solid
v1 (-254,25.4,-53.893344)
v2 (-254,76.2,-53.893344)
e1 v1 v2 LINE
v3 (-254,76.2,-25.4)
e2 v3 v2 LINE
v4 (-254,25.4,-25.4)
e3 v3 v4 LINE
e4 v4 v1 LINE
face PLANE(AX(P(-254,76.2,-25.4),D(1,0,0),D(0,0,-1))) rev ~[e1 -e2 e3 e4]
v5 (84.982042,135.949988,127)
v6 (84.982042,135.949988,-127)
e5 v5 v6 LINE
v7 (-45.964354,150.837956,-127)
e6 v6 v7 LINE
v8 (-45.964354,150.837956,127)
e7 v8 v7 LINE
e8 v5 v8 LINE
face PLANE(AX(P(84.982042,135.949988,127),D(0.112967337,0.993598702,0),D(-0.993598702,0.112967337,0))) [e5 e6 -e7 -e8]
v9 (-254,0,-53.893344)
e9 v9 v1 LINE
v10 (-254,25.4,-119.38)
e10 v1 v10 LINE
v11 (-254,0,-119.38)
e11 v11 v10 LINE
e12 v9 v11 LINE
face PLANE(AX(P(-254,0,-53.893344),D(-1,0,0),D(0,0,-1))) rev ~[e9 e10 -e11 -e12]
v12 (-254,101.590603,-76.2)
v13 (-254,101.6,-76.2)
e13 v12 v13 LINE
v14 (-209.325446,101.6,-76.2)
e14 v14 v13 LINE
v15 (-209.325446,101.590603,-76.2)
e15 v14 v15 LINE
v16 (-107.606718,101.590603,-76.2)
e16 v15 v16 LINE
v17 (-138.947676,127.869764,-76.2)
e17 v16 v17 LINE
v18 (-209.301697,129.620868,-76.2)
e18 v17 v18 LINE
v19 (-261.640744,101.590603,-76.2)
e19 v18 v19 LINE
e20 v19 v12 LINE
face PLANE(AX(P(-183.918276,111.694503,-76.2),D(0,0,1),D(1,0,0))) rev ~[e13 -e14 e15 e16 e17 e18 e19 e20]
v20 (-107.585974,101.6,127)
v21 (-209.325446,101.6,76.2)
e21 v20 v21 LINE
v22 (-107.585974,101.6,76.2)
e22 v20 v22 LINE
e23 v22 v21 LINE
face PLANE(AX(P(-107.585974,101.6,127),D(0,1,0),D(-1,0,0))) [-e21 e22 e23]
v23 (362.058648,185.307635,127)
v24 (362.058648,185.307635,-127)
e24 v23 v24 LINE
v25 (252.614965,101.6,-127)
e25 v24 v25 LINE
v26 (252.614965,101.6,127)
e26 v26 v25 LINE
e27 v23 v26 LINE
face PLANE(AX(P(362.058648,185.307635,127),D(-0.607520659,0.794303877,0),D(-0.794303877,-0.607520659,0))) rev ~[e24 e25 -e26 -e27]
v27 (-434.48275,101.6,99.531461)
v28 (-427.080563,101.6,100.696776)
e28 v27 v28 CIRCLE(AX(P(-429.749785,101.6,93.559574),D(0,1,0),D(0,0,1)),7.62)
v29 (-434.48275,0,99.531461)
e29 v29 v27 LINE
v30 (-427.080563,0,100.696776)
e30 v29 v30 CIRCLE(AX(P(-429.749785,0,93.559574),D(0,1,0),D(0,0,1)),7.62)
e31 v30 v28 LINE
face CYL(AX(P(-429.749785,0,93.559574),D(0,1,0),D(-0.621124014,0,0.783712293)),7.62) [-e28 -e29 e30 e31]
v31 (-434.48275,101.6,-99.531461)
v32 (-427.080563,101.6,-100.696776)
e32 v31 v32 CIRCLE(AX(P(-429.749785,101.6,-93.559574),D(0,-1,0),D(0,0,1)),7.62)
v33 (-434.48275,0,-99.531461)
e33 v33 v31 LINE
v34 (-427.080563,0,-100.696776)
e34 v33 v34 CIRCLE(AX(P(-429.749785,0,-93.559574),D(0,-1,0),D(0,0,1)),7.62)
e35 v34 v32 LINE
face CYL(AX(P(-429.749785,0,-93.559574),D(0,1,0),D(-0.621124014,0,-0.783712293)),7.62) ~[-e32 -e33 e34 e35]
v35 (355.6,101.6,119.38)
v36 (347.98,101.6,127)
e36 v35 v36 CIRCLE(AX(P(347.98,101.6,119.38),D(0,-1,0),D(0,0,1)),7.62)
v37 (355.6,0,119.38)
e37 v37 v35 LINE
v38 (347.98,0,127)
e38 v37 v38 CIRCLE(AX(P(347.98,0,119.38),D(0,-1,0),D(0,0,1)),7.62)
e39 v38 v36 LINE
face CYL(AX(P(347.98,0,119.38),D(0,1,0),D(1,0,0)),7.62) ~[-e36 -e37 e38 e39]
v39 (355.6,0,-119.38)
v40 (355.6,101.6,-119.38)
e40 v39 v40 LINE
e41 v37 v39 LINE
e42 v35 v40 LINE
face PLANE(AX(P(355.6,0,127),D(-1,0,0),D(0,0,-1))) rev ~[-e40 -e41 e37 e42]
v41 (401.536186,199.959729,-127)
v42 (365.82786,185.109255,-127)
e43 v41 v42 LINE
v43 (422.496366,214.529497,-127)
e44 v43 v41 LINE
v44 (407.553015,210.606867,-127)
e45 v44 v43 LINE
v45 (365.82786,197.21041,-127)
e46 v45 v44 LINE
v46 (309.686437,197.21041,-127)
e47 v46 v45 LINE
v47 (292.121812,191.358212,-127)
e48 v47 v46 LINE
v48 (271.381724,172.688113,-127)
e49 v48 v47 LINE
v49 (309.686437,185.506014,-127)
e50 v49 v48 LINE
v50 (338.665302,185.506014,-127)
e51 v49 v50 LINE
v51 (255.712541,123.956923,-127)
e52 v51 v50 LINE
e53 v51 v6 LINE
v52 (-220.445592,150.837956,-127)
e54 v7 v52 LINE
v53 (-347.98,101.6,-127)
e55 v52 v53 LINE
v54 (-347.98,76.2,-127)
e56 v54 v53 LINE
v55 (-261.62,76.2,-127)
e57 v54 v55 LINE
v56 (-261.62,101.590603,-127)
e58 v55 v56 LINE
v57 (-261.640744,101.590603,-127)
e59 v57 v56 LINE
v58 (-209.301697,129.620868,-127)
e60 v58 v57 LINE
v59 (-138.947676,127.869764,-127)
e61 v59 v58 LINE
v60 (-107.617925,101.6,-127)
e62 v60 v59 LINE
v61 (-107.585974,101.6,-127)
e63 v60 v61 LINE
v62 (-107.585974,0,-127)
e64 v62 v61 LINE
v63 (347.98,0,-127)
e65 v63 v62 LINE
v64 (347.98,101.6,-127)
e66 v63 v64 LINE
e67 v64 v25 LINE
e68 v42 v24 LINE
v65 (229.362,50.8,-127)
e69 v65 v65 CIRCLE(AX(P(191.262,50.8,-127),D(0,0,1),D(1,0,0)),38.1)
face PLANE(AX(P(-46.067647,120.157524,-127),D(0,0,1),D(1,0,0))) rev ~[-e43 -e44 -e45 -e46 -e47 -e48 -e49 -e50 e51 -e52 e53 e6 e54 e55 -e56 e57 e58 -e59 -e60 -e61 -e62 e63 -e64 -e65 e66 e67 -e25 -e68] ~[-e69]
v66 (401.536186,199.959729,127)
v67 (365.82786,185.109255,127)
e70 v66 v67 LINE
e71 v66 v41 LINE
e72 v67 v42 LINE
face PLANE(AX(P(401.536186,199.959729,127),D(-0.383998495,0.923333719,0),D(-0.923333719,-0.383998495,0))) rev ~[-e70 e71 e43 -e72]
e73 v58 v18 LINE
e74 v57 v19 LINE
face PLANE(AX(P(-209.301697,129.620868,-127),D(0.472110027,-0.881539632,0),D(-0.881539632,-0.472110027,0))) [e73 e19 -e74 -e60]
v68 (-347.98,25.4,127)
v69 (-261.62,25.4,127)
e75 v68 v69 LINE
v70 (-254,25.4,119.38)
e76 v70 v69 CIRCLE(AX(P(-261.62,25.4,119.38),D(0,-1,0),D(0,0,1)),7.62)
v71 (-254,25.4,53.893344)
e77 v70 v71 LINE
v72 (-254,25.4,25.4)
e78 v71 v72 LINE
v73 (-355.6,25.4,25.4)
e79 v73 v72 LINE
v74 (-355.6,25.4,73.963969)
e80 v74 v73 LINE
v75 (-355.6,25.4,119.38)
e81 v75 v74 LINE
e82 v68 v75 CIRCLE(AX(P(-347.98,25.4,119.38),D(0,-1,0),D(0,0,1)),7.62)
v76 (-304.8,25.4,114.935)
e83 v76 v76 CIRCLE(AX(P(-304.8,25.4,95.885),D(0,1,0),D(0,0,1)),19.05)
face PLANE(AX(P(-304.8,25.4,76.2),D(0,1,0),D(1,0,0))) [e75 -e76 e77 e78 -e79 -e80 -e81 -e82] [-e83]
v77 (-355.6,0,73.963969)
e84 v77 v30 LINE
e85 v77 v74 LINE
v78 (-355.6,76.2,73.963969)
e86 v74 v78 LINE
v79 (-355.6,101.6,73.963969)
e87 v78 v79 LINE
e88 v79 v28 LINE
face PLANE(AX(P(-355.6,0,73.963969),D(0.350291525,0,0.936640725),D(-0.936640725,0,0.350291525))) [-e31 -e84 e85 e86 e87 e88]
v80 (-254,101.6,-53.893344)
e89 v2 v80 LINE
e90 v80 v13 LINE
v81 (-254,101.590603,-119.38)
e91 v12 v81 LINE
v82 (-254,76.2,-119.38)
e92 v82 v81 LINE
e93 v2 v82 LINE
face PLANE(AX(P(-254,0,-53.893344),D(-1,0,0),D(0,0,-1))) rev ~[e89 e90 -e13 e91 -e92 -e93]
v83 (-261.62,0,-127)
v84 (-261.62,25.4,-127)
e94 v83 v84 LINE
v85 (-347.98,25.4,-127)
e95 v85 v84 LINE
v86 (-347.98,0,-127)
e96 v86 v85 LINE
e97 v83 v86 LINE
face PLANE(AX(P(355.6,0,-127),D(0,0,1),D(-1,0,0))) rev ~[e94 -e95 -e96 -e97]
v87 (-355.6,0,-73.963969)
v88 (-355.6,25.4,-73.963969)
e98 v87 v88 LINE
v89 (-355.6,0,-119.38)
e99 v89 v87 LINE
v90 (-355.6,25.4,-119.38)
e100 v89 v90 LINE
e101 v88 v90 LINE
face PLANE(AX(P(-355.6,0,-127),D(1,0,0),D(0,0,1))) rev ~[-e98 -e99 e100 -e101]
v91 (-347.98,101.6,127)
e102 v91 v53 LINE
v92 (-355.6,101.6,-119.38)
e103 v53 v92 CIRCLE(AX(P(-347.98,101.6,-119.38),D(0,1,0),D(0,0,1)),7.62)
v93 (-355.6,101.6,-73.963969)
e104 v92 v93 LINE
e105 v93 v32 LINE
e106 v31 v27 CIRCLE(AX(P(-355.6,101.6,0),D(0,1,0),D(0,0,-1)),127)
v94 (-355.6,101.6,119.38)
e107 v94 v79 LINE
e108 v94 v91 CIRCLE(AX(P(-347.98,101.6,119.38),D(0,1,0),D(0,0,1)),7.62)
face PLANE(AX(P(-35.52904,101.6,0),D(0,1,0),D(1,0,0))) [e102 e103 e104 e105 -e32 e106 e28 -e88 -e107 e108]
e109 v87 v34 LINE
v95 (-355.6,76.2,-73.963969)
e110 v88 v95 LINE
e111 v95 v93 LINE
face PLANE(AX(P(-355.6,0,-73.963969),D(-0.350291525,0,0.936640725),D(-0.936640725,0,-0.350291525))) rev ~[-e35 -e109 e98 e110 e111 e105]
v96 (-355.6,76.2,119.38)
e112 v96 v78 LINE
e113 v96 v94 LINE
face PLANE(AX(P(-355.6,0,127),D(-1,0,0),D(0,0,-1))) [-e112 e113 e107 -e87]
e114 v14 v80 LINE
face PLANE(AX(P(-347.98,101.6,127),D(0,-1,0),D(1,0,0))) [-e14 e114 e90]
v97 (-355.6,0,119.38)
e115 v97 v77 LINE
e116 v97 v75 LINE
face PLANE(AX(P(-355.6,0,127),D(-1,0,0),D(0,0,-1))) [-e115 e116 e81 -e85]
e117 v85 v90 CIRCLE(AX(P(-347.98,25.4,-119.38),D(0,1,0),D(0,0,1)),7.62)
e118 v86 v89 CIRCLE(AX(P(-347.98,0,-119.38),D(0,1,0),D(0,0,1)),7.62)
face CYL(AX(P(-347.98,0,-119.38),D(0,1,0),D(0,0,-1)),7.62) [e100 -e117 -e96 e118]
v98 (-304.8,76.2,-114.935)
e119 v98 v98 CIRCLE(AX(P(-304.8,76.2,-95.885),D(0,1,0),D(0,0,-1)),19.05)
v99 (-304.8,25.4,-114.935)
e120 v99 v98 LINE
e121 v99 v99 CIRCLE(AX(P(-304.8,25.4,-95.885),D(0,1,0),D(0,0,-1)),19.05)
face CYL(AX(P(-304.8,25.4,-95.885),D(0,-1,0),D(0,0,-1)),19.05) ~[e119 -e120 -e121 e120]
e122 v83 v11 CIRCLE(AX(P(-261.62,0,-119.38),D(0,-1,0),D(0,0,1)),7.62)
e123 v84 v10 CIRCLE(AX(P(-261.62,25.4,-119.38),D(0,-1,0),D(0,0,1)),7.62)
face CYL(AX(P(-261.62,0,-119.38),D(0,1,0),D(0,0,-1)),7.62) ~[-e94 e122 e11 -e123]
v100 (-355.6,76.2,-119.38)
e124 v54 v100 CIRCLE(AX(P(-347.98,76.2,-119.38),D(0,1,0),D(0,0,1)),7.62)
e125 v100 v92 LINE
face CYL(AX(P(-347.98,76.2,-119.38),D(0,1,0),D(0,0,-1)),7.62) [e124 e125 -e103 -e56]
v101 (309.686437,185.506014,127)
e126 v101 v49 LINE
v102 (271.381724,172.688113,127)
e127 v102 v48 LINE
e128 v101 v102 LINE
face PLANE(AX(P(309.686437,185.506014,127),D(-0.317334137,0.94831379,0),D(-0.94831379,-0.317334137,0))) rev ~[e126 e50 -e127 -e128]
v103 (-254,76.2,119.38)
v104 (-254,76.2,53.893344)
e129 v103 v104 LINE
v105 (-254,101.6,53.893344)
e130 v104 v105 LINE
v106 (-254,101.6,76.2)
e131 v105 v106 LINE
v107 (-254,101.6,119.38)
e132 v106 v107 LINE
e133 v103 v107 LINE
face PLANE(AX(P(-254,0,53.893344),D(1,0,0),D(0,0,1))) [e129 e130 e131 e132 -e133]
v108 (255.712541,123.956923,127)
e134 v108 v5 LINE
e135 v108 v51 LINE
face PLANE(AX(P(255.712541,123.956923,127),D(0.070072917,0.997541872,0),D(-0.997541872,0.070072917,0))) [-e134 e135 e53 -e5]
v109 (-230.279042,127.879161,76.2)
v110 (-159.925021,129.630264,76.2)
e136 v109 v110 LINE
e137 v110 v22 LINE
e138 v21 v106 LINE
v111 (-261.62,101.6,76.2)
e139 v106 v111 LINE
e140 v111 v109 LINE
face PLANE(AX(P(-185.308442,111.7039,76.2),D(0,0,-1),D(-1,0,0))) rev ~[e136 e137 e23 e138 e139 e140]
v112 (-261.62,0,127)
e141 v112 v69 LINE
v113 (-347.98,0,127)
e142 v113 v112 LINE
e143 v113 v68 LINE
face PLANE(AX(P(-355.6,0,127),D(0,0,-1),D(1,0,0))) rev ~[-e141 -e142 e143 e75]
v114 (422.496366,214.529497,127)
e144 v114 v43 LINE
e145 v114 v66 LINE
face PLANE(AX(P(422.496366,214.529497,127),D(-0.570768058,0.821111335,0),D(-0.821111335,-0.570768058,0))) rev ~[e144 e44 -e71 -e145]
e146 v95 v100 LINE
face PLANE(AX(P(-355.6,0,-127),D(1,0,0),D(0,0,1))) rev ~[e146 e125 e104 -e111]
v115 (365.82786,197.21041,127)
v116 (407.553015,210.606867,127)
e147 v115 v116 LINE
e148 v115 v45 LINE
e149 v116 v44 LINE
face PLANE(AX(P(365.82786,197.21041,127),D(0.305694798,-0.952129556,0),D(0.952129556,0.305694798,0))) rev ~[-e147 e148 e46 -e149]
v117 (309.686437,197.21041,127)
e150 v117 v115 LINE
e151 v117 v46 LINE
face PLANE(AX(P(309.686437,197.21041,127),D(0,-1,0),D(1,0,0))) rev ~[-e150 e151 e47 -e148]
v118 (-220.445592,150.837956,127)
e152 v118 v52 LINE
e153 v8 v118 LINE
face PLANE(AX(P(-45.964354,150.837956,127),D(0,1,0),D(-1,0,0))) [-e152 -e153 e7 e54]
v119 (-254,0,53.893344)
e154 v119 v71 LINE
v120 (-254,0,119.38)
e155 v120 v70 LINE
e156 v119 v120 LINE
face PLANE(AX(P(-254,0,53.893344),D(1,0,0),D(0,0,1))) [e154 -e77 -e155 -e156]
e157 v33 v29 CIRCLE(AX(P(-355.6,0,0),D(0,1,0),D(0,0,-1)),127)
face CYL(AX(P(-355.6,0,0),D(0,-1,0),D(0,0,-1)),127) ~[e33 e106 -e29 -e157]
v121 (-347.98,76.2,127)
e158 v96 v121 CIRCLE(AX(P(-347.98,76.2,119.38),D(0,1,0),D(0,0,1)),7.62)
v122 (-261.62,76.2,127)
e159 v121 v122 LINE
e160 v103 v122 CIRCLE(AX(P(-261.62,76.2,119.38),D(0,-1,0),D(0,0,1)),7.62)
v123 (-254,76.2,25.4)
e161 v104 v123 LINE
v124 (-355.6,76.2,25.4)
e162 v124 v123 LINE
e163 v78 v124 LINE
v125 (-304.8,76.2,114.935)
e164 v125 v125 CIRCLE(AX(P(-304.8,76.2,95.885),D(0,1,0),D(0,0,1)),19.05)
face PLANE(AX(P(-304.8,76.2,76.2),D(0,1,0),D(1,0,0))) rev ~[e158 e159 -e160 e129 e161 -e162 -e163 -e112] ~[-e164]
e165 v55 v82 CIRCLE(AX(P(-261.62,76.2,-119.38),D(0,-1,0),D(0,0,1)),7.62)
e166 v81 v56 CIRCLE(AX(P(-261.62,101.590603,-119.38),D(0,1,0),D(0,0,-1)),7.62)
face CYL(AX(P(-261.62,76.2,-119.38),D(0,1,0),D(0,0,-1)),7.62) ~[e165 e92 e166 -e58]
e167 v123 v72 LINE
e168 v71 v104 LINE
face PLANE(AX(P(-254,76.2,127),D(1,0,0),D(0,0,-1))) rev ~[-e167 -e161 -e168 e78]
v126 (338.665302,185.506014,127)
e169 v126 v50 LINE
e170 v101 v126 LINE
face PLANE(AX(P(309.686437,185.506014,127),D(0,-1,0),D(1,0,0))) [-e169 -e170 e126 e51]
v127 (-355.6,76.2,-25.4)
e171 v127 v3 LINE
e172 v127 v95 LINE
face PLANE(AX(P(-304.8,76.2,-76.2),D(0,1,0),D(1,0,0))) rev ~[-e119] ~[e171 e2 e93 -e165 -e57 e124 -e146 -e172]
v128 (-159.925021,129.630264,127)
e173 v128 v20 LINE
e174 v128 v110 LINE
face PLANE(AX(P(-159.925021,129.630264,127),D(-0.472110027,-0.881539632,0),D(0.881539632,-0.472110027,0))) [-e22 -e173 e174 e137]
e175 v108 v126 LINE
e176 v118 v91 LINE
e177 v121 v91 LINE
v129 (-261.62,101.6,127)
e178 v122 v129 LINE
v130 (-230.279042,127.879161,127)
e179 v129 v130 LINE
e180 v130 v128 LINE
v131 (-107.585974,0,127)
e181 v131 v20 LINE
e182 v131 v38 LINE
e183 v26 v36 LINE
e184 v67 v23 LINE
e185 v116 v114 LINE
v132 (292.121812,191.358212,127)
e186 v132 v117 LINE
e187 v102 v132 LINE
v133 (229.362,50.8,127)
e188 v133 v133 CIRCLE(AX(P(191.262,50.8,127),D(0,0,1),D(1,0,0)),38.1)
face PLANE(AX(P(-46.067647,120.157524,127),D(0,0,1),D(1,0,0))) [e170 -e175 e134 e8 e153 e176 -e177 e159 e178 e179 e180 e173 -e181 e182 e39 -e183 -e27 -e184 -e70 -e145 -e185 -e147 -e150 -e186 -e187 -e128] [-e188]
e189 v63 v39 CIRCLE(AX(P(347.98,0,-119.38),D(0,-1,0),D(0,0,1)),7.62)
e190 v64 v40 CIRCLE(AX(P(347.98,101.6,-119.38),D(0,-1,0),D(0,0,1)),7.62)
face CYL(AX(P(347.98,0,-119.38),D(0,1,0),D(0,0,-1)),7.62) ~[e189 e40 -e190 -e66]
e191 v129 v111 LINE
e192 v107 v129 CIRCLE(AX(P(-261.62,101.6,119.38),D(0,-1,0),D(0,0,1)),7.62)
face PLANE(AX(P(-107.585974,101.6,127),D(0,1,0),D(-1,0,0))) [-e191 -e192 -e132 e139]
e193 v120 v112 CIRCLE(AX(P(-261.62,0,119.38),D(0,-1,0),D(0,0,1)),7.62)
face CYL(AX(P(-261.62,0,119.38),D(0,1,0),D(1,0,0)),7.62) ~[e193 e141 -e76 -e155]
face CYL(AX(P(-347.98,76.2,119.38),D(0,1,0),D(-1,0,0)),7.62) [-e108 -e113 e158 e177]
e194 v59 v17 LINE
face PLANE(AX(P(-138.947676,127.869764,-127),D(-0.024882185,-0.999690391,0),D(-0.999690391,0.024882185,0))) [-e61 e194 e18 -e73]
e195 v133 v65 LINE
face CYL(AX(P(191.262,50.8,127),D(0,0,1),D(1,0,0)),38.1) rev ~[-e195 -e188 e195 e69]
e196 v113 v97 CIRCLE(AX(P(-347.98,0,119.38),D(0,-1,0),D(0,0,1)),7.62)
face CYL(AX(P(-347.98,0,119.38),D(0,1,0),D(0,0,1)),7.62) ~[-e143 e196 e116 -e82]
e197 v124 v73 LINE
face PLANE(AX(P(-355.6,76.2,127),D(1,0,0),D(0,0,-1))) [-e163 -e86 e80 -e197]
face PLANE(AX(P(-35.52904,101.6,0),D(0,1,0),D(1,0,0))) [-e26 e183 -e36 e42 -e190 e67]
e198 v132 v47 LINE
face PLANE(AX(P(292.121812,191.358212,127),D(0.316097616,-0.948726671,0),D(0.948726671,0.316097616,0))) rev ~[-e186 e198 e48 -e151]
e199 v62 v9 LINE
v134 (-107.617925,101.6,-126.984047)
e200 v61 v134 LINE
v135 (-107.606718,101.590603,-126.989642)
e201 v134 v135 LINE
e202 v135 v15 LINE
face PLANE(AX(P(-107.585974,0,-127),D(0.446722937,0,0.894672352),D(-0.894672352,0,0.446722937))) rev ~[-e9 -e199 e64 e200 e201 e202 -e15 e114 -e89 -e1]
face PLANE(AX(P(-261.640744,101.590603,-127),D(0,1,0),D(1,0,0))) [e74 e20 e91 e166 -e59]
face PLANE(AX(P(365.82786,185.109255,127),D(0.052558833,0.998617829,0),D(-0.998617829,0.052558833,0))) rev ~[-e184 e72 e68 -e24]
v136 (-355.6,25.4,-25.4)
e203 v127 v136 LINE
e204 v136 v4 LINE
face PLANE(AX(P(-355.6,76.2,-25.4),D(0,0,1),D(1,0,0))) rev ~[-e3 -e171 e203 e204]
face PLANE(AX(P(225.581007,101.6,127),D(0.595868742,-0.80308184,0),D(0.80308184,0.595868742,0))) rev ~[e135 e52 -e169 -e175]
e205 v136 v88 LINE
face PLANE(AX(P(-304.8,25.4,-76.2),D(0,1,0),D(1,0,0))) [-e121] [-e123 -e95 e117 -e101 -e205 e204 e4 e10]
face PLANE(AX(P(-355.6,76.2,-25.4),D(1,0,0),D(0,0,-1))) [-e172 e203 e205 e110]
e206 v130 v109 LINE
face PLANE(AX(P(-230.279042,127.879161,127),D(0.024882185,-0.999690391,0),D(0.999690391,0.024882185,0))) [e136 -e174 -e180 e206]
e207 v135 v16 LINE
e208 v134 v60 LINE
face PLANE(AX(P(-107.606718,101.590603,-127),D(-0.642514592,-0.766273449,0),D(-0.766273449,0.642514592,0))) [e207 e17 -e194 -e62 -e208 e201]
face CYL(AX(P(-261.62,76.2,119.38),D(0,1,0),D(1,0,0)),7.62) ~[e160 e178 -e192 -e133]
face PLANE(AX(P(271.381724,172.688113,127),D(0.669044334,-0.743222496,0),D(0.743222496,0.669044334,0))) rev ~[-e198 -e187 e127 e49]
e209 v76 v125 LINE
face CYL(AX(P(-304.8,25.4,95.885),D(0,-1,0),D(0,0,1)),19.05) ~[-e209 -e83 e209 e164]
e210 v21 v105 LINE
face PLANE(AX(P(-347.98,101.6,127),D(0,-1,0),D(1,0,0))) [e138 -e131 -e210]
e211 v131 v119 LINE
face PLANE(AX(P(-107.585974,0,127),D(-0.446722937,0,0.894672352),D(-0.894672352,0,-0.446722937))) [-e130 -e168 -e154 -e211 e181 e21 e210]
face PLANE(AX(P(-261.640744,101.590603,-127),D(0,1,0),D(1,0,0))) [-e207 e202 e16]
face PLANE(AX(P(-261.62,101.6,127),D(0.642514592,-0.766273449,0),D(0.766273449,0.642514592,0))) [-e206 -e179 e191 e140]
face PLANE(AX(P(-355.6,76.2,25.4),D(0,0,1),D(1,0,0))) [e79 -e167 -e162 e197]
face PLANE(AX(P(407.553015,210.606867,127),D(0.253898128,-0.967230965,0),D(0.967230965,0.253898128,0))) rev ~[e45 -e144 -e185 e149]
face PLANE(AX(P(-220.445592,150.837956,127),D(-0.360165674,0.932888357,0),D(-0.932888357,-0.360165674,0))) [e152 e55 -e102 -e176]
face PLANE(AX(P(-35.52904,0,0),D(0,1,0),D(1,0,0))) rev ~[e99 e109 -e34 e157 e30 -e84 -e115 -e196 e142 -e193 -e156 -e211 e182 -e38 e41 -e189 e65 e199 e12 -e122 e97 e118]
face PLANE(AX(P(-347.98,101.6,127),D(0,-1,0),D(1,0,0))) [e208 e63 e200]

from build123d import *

# Parameters (mm, degrees)
BOSS_EXTRUDE3_DEPTH = 101.6
SKETCH4_R           = 38.1
CUT_EXTRUDE1_DEPTH  = 508
CUT_EXTRUDE2_START  = -25.4
SKETCH16_W          = 101.6
SKETCH16_H          = 101.6
CUT_EXTRUDE2_DEPTH  = 50.8
SKETCH18_R          = 19.05
BOSS_EXTRUDE4_DEPTH = 50.8
CUT_EXTRUDE6_START  = -101.6
CUT_EXTRUDE6_DEPTH  = 101.6
FILLET2_R           = 7.62
BOSS_EXTRUDE7_DEPTH = 254
BOSS_EXTRUDE9_DEPTH = 254
CUT_EXTRUDE11_DEPTH = 50.8
CUT_EXTRUDE12_DEPTH = 50.8


with BuildPart() as part:
    # Sketch1 → Boss-Extrude3 (new body)
    with BuildSketch(Plane(origin=(0, 0, 0), x_dir=(1, 0, 0), z_dir=(0, 1, 0))):
        with BuildLine():
            ThreePointArc((-355.6, 127), (-482.6, 0), (-355.6, -127))
            Line((-355.6, -127), (355.6, -127))
            Line((355.6, -127), (355.6, 127))
            Line((355.6, 127), (-355.6, 127))
        make_face()
    extrude(amount=BOSS_EXTRUDE3_DEPTH)

    # Sketch4 → Cut-Extrude1 (cut)
    with BuildSketch(Plane.XY.offset(127)):
        with Locations((191.262, 50.8)):
            Circle(SKETCH4_R)
    extrude(amount=-CUT_EXTRUDE1_DEPTH, mode=Mode.SUBTRACT)

    # Sketch16 → Cut-Extrude2 (cut)
    with BuildSketch(Plane(origin=(0, 101.6, 0), x_dir=(1, 0, 0), z_dir=(0, 1, 0)).offset(CUT_EXTRUDE2_START)):
        with Locations((-304.8, 76.2)):
            Rectangle(SKETCH16_W, SKETCH16_H)
        with Locations((-304.8, -76.2)):
            Rectangle(SKETCH16_W, SKETCH16_H)
    extrude(amount=-CUT_EXTRUDE2_DEPTH, mode=Mode.SUBTRACT)

    # Sketch18 → Boss-Extrude4 (add)
    with BuildSketch(Plane(origin=(0, 25.4, 0), x_dir=(1, 0, 0), z_dir=(0, 1, 0))):
        with Locations(Location((-304.8, -95.885, 0), (0, 0, 270))):
            Circle(SKETCH18_R)
        with Locations(Location((-304.8, 95.885, 0), (0, 0, 90))):
            Circle(SKETCH18_R)
    extrude(amount=BOSS_EXTRUDE4_DEPTH)

    # Sketch23 → Cut-Extrude6 (cut)
    with BuildSketch(Plane(origin=(0, 101.6, 0), x_dir=(1, 0, 0), z_dir=(0, 1, 0)).offset(CUT_EXTRUDE6_START)):
        with BuildLine():
            Line((-355.6, -127), (-355.6, -73.963969071))
            Line((-355.6, -73.963969071), (-431.029237977, -102.173529146))
            ThreePointArc((-431.029237977, -102.173529146), (-395.304922859, -120.633822375), (-355.6, -127))
        make_face()
        Polygon((-254, -53.893344298), (-254, -127), (-107.585974166, -127), align=None)
        with BuildLine():
            Line((-355.6, 73.963969071), (-431.029237977, 102.173529146))
            ThreePointArc((-431.029237977, 102.173529146), (-395.304922859, 120.633822375), (-355.6, 127))
            Line((-355.6, 127), (-355.6, 73.963969071))
        make_face()
        Polygon((-254, 127), (-107.585974166, 127), (-254, 53.893344298), align=None)
    extrude(amount=CUT_EXTRUDE6_DEPTH, mode=Mode.SUBTRACT)

    # Fillet2
    fillet2_edges = [part.edges().sort_by_distance(p)[0] for p in [
        (-431.029237977, 50.8, -102.173529146),
        (-355.6, 12.7, -127),
        (-355.6, 12.7, 127),
        (-254, 12.7, -127),
        (-254, 88.9, -127),
        (-431.029237977, 50.8, 102.173529146),
        (-254, 88.9, 127),
        (-355.6, 88.9, -127),
        (-254, 12.7, 127),
        (355.6, 50.8, -127),
        (355.6, 50.8, 127),
        (-355.6, 88.9, 127),
    ]]
    fillet(fillet2_edges, radius=FILLET2_R)



with BuildPart() as body_2:
    # Sketch24 → Boss-Extrude7 (new body)
    with BuildSketch(Plane.XY.offset(127)):
        Polygon((362.058648087, 185.307634776), (252.61496451, 101.6), (225.581006965, 101.6), (338.66530168, 185.506014364), (334.087126159, 185.506014364), (309.686436817, 185.506014364), (271.381724032, 172.688112617), (292.121811526, 191.358212215), (309.686436817, 197.210410065), (365.827860262, 197.210410065), (407.553014944, 210.606867151), (422.496366485, 214.52949693), (401.536186127, 199.959729178), (365.827860262, 185.109255188), align=None)
    extrude(amount=-BOSS_EXTRUDE7_DEPTH)


with BuildPart() as part_1:
    add(part.part)

    add(body_2.part)  # Boss-Extrude9 merges body 2
    # Sketch24<8> → Boss-Extrude9 (add)
    with BuildSketch(Plane.XY.offset(127)):
        Polygon((-347.98, 101.6), (225.581006965, 101.6), (255.712540846, 123.956923399), (84.982041767, 135.949988054), (-45.964353963, 150.837955987), (-109.054165893, 150.837955987), (-220.445592276, 150.837955987), align=None)
    extrude(amount=-BOSS_EXTRUDE9_DEPTH)

    # Sketch26 → Cut-Extrude11 (cut)
    with BuildSketch(Plane.XY.offset(127)):
        Polygon((-261.62, 101.6), (-230.279041818, 127.879160506), (-159.925021307, 129.63026439), (-107.585974166, 101.6), align=None)
    extrude(amount=-CUT_EXTRUDE11_DEPTH, mode=Mode.SUBTRACT)

    # Sketch27 → Cut-Extrude12 (cut)
    with BuildSketch(Plane(origin=(0, 0, -127), x_dir=(-1, 0, 0), z_dir=(0, 0, -1))):
        Polygon((107.606718178, 101.590603269), (138.94767636, 127.869763774), (209.301696871, 129.620867658), (261.640744012, 101.590603269), align=None)
    extrude(amount=-CUT_EXTRUDE12_DEPTH, mode=Mode.SUBTRACT)


solid = part_1.part
